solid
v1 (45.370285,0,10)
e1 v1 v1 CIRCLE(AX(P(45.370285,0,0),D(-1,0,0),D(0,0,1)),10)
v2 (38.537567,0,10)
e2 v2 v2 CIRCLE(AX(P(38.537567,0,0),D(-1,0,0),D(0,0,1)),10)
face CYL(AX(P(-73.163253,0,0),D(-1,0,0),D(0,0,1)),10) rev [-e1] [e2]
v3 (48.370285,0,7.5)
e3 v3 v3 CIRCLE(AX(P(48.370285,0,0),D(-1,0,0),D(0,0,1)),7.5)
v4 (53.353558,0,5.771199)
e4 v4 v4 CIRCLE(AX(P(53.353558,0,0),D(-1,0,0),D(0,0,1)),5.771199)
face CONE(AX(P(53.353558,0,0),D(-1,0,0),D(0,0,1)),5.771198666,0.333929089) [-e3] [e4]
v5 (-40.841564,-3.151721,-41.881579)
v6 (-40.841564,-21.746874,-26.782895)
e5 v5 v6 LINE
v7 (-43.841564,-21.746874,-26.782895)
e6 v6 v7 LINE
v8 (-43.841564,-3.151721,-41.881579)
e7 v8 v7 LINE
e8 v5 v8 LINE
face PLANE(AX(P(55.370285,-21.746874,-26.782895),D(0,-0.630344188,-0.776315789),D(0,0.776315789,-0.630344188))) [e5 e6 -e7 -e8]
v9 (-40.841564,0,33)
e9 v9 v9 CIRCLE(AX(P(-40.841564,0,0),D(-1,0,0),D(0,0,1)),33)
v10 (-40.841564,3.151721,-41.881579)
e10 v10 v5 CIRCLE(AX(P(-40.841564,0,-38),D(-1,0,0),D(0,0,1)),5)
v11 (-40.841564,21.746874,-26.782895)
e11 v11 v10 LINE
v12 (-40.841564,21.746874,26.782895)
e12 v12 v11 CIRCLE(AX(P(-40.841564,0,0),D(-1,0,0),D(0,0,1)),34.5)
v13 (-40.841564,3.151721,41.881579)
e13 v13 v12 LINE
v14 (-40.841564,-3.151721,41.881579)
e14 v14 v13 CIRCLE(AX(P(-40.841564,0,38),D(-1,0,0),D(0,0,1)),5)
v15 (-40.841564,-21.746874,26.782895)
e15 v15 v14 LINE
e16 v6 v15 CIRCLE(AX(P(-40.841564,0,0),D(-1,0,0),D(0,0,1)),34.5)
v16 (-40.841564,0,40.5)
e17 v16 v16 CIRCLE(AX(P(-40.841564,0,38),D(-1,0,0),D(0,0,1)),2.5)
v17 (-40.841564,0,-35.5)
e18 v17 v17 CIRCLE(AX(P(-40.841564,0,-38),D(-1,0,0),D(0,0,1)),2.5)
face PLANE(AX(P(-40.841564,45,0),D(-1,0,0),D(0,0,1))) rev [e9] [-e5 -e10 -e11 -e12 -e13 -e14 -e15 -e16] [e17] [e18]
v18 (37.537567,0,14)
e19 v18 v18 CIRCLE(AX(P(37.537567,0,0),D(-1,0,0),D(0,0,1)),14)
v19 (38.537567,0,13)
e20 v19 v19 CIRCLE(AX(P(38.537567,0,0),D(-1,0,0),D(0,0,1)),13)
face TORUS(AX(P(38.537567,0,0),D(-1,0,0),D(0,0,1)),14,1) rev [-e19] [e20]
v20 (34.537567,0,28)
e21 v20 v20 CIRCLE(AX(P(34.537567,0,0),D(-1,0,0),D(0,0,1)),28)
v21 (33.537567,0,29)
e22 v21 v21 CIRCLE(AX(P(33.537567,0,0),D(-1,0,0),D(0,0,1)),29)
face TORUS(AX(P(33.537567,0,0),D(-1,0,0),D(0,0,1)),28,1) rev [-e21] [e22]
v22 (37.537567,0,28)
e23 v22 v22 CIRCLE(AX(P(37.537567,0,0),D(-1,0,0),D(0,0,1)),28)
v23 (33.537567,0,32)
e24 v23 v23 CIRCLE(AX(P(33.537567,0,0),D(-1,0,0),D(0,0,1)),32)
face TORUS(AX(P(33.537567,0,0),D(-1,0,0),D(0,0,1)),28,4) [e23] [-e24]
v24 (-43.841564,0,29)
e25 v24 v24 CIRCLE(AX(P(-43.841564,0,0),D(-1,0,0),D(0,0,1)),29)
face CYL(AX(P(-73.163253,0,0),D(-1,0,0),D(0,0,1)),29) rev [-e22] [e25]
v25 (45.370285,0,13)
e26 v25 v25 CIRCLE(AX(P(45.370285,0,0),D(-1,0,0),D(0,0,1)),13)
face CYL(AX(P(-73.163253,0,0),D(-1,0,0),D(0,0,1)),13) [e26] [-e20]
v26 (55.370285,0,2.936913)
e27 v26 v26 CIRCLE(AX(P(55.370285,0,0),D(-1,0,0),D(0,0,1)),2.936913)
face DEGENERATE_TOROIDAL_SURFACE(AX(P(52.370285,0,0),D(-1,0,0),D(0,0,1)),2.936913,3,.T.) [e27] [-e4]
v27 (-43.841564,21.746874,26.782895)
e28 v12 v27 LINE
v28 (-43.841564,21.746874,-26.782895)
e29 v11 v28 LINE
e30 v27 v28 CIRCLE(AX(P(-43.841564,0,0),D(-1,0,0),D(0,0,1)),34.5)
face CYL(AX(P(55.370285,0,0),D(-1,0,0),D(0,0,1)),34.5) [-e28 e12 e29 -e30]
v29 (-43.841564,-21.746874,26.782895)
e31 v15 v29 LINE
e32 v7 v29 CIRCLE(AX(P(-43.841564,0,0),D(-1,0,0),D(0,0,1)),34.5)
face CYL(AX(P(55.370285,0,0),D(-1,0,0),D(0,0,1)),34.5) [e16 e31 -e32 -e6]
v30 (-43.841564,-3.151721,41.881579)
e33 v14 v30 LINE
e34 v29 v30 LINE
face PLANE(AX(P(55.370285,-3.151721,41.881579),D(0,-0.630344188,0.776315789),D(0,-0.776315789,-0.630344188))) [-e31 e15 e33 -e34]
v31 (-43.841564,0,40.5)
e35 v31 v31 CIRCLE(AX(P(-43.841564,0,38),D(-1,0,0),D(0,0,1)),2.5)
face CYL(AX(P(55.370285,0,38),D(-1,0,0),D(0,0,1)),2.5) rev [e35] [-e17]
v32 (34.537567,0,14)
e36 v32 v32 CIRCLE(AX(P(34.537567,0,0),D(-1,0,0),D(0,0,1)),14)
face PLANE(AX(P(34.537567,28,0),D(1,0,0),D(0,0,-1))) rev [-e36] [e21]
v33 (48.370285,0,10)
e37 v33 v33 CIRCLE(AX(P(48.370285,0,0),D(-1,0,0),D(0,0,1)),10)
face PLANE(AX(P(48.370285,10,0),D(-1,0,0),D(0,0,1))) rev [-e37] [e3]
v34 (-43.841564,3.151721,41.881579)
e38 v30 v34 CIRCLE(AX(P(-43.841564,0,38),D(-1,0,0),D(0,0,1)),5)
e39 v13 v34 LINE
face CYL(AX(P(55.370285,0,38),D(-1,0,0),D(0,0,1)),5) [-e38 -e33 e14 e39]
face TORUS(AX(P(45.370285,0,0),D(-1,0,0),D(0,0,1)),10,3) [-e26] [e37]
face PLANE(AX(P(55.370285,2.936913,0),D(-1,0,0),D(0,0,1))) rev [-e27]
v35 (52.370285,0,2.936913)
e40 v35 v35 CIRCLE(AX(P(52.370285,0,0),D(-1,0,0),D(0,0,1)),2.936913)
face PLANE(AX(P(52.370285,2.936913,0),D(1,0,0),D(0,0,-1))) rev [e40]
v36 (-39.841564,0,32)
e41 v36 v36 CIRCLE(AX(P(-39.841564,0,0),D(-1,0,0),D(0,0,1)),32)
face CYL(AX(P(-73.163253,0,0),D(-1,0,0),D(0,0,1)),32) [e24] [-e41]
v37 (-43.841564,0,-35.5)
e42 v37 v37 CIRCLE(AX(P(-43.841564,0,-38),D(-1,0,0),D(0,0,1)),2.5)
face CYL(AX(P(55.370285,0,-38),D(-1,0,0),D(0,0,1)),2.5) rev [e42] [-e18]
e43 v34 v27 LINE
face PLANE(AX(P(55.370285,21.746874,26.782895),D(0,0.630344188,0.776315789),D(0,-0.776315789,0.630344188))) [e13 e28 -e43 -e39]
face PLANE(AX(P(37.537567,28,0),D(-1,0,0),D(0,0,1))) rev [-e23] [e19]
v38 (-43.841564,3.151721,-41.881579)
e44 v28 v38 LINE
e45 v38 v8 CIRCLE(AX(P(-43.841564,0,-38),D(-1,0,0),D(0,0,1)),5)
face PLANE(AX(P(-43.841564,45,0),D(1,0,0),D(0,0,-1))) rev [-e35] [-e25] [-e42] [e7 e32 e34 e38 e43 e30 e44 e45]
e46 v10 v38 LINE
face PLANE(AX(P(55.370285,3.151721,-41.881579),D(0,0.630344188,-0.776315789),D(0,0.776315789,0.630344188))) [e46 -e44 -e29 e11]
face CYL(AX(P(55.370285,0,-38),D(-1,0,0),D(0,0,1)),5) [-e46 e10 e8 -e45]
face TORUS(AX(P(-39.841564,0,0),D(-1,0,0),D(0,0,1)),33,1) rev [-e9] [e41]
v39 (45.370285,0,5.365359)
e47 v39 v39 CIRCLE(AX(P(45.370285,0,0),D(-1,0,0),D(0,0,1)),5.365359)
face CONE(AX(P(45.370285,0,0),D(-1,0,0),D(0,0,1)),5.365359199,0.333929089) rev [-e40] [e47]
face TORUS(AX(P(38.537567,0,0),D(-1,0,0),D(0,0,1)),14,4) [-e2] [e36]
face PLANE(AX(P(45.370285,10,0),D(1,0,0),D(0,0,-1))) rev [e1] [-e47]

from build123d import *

# Parameters (mm, degrees)
ESQUISSE2_R             = 49.06578461
ENL_V_MAT_EXTRU_1_DEPTH = 118.868532804
ESQUISSE3_R             = 2.5
ENL_V_MAT_EXTRU_2_DEPTH = 114.499960464


with BuildPart() as part:
    # Esquisse1 → Révolution1 (revolve)
    with BuildSketch(Plane.XY, mode=Mode.PRIVATE) as r_volution1_sk:
        with BuildLine():
            Line((-43.841564166, 45), (-43.841564166, 29))
            Line((-43.841564166, 29), (33.537566626, 29))
            ThreePointArc((33.537566626, 29), (34.244673407, 28.707106781), (34.537566626, 28))
            Line((34.537566626, 28), (34.537566626, 14))
            ThreePointArc((34.537566626, 14), (35.709139501, 11.171572875), (38.537566626, 10))
            Line((38.537566626, 10), (45.370284953, 10))
            Line((45.370284953, 10), (45.370284953, 5.365359199))
            Line((45.370284953, 5.365359199), (52.370284953, 2.936913115))
            Line((52.370284953, 2.936913115), (52.370284953, 0))
            Line((52.370284953, 0), (55.370284953, 0))
            Line((55.370284953, 0), (55.370284953, 2.936913115))
            ThreePointArc((55.370284953, 2.936913115), (54.814647694, 4.676191928), (53.35355776, 5.771198666))
            Line((53.35355776, 5.771198666), (48.370284953, 7.5))
            Line((48.370284953, 7.5), (48.370284953, 10))
            ThreePointArc((48.370284953, 10), (47.491605296, 12.121320344), (45.370284953, 13))
            Line((45.370284953, 13), (38.537566626, 13))
            ThreePointArc((38.537566626, 13), (37.830459844, 13.292893219), (37.537566626, 14))
            Line((37.537566626, 14), (37.537566626, 28))
            ThreePointArc((37.537566626, 28), (36.36599375, 30.828427125), (33.537566626, 32))
            Line((33.537566626, 32), (-39.841564166, 32))
            ThreePointArc((-39.841564166, 32), (-40.548670947, 32.292893219), (-40.841564166, 33))
            Line((-40.841564166, 33), (-40.841564166, 45))
            Line((-40.841564166, 45), (-43.841564166, 45))
        make_face()
    revolve(r_volution1_sk.sketch.rotate(Axis((-73.163253383, 0, 0), (1, 0, 0)), 90), axis=Axis((-73.163253383, 0, 0), (1, 0, 0)))

    # Esquisse2 → Enlèv. mat.-Extru.1 (cut, through all)
    with BuildSketch(Plane.ZY.offset(43.841564166)):
        Circle(ESQUISSE2_R)
        with BuildLine():
            Line((-41.881578947, 3.151720939), (-26.782894737, 21.746874477))
            ThreePointArc((-26.782894737, 21.746874477), (0, 34.5), (26.782894737, 21.746874477))
            Line((26.782894737, 21.746874477), (41.881578947, 3.151720939))
            ThreePointArc((41.881578947, 3.151720939), (43, 0), (41.881578947, -3.151720939))
            Line((41.881578947, -3.151720939), (26.782894737, -21.746874477))
            ThreePointArc((26.782894737, -21.746874477), (0, -34.5), (-26.782894737, -21.746874477))
            Line((-26.782894737, -21.746874477), (-41.881578947, -3.151720939))
            ThreePointArc((-41.881578947, -3.151720939), (-43, 0), (-41.881578947, 3.151720939))
        make_face(mode=Mode.SUBTRACT)
    extrude(amount=-ENL_V_MAT_EXTRU_1_DEPTH, mode=Mode.SUBTRACT)

    # Esquisse3 → Enlèv. mat.-Extru.2 (cut, through all)
    with BuildSketch(Plane.ZY.offset(43.841564166)):
        with Locations((38, 0)):
            Circle(ESQUISSE3_R)
        with Locations((-38, 0)):
            Circle(ESQUISSE3_R)
    extrude(amount=-ENL_V_MAT_EXTRU_2_DEPTH, mode=Mode.SUBTRACT)


solid = part.part
